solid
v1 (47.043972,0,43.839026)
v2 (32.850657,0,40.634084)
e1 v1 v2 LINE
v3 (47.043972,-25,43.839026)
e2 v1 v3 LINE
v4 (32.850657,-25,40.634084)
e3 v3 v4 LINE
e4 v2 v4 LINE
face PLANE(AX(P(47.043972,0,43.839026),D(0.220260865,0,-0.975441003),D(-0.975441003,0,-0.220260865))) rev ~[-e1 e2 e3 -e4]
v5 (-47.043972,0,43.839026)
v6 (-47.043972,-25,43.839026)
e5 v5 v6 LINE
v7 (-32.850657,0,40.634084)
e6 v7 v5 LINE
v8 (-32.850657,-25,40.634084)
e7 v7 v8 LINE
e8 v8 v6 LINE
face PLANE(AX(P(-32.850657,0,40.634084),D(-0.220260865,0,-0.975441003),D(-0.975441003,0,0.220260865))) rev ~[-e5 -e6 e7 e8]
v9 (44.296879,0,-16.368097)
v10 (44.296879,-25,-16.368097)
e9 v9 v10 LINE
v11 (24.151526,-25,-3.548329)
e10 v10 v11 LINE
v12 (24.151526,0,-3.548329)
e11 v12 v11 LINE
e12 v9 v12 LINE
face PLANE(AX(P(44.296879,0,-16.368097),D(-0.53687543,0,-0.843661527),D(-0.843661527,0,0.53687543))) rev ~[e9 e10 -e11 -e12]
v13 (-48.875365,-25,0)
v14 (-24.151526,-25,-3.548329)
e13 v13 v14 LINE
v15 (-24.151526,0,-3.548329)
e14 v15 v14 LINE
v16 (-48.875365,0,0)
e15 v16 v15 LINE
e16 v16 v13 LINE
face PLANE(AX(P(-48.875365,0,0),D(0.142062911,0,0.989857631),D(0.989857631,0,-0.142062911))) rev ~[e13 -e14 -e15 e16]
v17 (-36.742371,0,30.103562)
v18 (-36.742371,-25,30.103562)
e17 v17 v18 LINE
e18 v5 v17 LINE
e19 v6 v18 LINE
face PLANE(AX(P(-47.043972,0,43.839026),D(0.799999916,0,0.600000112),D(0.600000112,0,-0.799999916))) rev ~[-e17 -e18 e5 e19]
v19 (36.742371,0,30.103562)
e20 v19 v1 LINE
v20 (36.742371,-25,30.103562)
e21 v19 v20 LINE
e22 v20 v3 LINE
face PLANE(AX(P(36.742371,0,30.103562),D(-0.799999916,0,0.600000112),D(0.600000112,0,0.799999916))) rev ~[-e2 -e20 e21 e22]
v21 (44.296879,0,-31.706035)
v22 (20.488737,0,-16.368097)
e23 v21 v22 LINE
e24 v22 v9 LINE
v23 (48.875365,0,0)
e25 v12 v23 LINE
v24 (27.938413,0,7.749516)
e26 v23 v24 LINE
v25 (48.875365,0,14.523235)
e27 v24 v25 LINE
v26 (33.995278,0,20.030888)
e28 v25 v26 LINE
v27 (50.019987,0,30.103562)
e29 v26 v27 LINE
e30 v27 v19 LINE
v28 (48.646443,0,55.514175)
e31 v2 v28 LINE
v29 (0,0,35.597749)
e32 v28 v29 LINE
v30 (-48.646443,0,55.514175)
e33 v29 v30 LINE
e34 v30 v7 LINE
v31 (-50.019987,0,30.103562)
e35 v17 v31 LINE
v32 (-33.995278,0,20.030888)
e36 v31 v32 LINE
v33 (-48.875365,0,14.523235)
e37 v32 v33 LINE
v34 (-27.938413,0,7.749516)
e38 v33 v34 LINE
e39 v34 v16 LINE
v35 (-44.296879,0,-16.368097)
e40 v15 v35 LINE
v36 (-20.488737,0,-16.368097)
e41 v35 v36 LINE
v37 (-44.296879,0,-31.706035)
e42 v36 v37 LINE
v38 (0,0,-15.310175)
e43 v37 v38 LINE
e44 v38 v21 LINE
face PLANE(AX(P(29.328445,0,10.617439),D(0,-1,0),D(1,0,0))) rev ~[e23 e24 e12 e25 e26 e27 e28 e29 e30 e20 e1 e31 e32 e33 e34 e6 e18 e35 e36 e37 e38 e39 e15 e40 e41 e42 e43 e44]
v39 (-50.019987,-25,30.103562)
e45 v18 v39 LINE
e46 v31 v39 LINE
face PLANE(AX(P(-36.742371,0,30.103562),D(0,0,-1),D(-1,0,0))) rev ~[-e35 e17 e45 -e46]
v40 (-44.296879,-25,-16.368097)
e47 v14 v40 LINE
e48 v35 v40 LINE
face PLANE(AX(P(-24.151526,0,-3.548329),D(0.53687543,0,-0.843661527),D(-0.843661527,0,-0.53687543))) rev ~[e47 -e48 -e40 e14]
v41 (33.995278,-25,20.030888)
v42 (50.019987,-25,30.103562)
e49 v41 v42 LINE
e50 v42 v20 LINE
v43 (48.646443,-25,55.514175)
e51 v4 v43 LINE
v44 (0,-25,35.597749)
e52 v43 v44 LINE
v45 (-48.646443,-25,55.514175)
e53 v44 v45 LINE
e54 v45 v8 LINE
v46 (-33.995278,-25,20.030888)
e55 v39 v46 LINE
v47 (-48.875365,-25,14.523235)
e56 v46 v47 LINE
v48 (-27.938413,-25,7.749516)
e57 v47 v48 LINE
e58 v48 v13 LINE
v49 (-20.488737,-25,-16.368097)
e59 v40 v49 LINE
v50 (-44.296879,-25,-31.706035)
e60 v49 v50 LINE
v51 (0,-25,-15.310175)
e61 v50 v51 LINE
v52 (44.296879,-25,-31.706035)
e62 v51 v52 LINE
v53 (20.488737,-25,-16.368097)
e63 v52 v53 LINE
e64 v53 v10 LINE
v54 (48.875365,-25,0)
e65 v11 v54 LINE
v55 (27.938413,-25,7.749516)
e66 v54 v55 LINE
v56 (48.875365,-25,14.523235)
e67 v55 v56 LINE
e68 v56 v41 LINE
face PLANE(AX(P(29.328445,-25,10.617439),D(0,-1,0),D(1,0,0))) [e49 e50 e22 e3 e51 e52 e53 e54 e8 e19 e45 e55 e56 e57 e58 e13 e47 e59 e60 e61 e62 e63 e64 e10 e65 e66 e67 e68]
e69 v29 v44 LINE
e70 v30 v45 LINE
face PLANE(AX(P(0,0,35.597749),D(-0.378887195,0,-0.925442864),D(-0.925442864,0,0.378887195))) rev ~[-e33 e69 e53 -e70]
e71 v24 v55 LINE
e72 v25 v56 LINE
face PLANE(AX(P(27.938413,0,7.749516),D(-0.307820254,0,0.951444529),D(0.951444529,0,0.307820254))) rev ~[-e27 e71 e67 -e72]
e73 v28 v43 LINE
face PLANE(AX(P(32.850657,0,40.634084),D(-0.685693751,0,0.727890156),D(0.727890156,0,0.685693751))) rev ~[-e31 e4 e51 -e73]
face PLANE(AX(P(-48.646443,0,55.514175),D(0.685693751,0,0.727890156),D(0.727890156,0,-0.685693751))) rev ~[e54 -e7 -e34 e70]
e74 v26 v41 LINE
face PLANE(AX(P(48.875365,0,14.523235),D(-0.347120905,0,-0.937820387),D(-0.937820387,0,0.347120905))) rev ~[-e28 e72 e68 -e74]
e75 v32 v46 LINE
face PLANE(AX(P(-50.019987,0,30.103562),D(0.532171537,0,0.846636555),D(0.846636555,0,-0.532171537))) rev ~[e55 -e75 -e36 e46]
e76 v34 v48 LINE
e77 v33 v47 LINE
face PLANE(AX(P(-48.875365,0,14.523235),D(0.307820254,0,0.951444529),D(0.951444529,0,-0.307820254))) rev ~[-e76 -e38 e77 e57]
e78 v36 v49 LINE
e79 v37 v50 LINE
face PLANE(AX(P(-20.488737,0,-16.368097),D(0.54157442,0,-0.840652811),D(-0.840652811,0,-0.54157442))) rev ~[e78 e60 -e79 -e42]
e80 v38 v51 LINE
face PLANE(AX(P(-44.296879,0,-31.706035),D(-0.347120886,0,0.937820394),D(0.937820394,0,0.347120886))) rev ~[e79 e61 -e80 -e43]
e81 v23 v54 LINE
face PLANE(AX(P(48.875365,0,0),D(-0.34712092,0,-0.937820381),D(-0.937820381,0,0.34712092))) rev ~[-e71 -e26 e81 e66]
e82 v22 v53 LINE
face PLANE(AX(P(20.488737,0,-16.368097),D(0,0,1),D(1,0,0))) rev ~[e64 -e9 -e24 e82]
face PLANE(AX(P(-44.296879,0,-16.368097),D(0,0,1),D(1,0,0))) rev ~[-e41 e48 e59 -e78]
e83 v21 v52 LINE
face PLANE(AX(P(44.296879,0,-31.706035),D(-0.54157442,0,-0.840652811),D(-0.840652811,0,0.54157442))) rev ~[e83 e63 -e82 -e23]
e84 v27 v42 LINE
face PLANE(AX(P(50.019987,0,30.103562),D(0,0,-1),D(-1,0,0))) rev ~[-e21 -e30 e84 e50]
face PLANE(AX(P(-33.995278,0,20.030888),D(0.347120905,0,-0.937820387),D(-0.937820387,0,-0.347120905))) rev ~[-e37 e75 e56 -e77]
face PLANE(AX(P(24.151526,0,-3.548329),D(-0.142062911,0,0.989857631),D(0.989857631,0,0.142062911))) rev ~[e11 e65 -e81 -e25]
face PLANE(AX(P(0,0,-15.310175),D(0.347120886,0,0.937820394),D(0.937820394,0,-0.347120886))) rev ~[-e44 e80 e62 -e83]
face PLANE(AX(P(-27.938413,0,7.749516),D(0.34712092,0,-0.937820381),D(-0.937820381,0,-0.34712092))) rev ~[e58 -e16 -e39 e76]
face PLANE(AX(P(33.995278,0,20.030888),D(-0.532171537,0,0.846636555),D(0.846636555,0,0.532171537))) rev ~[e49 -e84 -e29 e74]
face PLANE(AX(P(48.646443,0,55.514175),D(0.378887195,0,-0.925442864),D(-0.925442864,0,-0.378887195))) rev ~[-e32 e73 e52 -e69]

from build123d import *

# Parameters (mm, degrees)
F1_DEPTH = 25


with BuildPart() as f1:
    # F0 (on Front) → F1 (new body)
    with BuildSketch(Plane.XZ):
        Polygon((48.646443, 55.514175), (0, 35.597749), (0, -15.310175), (44.296879, -31.706035), (20.488737, -16.368097), (44.296879, -16.368097), (24.151526, -3.548329), (48.875365, 0), (27.938413, 7.749516), (48.875365, 14.523235), (33.995278, 20.030888), (50.019987, 30.103562), (36.742371, 30.103562), (47.043972, 43.839026), (32.850657, 40.634084), align=None)
        Polygon((0, -15.310175), (0, 35.597749), (-48.646443, 55.514175), (-32.850657, 40.634084), (-47.043972, 43.839026), (-36.742371, 30.103562), (-50.019987, 30.103562), (-33.995278, 20.030888), (-48.875365, 14.523235), (-27.938413, 7.749516), (-48.875365, 0), (-24.151526, -3.548329), (-44.296879, -16.368097), (-20.488737, -16.368097), (-44.296879, -31.706035), align=None)
    extrude(amount=F1_DEPTH)


solid = f1.part
